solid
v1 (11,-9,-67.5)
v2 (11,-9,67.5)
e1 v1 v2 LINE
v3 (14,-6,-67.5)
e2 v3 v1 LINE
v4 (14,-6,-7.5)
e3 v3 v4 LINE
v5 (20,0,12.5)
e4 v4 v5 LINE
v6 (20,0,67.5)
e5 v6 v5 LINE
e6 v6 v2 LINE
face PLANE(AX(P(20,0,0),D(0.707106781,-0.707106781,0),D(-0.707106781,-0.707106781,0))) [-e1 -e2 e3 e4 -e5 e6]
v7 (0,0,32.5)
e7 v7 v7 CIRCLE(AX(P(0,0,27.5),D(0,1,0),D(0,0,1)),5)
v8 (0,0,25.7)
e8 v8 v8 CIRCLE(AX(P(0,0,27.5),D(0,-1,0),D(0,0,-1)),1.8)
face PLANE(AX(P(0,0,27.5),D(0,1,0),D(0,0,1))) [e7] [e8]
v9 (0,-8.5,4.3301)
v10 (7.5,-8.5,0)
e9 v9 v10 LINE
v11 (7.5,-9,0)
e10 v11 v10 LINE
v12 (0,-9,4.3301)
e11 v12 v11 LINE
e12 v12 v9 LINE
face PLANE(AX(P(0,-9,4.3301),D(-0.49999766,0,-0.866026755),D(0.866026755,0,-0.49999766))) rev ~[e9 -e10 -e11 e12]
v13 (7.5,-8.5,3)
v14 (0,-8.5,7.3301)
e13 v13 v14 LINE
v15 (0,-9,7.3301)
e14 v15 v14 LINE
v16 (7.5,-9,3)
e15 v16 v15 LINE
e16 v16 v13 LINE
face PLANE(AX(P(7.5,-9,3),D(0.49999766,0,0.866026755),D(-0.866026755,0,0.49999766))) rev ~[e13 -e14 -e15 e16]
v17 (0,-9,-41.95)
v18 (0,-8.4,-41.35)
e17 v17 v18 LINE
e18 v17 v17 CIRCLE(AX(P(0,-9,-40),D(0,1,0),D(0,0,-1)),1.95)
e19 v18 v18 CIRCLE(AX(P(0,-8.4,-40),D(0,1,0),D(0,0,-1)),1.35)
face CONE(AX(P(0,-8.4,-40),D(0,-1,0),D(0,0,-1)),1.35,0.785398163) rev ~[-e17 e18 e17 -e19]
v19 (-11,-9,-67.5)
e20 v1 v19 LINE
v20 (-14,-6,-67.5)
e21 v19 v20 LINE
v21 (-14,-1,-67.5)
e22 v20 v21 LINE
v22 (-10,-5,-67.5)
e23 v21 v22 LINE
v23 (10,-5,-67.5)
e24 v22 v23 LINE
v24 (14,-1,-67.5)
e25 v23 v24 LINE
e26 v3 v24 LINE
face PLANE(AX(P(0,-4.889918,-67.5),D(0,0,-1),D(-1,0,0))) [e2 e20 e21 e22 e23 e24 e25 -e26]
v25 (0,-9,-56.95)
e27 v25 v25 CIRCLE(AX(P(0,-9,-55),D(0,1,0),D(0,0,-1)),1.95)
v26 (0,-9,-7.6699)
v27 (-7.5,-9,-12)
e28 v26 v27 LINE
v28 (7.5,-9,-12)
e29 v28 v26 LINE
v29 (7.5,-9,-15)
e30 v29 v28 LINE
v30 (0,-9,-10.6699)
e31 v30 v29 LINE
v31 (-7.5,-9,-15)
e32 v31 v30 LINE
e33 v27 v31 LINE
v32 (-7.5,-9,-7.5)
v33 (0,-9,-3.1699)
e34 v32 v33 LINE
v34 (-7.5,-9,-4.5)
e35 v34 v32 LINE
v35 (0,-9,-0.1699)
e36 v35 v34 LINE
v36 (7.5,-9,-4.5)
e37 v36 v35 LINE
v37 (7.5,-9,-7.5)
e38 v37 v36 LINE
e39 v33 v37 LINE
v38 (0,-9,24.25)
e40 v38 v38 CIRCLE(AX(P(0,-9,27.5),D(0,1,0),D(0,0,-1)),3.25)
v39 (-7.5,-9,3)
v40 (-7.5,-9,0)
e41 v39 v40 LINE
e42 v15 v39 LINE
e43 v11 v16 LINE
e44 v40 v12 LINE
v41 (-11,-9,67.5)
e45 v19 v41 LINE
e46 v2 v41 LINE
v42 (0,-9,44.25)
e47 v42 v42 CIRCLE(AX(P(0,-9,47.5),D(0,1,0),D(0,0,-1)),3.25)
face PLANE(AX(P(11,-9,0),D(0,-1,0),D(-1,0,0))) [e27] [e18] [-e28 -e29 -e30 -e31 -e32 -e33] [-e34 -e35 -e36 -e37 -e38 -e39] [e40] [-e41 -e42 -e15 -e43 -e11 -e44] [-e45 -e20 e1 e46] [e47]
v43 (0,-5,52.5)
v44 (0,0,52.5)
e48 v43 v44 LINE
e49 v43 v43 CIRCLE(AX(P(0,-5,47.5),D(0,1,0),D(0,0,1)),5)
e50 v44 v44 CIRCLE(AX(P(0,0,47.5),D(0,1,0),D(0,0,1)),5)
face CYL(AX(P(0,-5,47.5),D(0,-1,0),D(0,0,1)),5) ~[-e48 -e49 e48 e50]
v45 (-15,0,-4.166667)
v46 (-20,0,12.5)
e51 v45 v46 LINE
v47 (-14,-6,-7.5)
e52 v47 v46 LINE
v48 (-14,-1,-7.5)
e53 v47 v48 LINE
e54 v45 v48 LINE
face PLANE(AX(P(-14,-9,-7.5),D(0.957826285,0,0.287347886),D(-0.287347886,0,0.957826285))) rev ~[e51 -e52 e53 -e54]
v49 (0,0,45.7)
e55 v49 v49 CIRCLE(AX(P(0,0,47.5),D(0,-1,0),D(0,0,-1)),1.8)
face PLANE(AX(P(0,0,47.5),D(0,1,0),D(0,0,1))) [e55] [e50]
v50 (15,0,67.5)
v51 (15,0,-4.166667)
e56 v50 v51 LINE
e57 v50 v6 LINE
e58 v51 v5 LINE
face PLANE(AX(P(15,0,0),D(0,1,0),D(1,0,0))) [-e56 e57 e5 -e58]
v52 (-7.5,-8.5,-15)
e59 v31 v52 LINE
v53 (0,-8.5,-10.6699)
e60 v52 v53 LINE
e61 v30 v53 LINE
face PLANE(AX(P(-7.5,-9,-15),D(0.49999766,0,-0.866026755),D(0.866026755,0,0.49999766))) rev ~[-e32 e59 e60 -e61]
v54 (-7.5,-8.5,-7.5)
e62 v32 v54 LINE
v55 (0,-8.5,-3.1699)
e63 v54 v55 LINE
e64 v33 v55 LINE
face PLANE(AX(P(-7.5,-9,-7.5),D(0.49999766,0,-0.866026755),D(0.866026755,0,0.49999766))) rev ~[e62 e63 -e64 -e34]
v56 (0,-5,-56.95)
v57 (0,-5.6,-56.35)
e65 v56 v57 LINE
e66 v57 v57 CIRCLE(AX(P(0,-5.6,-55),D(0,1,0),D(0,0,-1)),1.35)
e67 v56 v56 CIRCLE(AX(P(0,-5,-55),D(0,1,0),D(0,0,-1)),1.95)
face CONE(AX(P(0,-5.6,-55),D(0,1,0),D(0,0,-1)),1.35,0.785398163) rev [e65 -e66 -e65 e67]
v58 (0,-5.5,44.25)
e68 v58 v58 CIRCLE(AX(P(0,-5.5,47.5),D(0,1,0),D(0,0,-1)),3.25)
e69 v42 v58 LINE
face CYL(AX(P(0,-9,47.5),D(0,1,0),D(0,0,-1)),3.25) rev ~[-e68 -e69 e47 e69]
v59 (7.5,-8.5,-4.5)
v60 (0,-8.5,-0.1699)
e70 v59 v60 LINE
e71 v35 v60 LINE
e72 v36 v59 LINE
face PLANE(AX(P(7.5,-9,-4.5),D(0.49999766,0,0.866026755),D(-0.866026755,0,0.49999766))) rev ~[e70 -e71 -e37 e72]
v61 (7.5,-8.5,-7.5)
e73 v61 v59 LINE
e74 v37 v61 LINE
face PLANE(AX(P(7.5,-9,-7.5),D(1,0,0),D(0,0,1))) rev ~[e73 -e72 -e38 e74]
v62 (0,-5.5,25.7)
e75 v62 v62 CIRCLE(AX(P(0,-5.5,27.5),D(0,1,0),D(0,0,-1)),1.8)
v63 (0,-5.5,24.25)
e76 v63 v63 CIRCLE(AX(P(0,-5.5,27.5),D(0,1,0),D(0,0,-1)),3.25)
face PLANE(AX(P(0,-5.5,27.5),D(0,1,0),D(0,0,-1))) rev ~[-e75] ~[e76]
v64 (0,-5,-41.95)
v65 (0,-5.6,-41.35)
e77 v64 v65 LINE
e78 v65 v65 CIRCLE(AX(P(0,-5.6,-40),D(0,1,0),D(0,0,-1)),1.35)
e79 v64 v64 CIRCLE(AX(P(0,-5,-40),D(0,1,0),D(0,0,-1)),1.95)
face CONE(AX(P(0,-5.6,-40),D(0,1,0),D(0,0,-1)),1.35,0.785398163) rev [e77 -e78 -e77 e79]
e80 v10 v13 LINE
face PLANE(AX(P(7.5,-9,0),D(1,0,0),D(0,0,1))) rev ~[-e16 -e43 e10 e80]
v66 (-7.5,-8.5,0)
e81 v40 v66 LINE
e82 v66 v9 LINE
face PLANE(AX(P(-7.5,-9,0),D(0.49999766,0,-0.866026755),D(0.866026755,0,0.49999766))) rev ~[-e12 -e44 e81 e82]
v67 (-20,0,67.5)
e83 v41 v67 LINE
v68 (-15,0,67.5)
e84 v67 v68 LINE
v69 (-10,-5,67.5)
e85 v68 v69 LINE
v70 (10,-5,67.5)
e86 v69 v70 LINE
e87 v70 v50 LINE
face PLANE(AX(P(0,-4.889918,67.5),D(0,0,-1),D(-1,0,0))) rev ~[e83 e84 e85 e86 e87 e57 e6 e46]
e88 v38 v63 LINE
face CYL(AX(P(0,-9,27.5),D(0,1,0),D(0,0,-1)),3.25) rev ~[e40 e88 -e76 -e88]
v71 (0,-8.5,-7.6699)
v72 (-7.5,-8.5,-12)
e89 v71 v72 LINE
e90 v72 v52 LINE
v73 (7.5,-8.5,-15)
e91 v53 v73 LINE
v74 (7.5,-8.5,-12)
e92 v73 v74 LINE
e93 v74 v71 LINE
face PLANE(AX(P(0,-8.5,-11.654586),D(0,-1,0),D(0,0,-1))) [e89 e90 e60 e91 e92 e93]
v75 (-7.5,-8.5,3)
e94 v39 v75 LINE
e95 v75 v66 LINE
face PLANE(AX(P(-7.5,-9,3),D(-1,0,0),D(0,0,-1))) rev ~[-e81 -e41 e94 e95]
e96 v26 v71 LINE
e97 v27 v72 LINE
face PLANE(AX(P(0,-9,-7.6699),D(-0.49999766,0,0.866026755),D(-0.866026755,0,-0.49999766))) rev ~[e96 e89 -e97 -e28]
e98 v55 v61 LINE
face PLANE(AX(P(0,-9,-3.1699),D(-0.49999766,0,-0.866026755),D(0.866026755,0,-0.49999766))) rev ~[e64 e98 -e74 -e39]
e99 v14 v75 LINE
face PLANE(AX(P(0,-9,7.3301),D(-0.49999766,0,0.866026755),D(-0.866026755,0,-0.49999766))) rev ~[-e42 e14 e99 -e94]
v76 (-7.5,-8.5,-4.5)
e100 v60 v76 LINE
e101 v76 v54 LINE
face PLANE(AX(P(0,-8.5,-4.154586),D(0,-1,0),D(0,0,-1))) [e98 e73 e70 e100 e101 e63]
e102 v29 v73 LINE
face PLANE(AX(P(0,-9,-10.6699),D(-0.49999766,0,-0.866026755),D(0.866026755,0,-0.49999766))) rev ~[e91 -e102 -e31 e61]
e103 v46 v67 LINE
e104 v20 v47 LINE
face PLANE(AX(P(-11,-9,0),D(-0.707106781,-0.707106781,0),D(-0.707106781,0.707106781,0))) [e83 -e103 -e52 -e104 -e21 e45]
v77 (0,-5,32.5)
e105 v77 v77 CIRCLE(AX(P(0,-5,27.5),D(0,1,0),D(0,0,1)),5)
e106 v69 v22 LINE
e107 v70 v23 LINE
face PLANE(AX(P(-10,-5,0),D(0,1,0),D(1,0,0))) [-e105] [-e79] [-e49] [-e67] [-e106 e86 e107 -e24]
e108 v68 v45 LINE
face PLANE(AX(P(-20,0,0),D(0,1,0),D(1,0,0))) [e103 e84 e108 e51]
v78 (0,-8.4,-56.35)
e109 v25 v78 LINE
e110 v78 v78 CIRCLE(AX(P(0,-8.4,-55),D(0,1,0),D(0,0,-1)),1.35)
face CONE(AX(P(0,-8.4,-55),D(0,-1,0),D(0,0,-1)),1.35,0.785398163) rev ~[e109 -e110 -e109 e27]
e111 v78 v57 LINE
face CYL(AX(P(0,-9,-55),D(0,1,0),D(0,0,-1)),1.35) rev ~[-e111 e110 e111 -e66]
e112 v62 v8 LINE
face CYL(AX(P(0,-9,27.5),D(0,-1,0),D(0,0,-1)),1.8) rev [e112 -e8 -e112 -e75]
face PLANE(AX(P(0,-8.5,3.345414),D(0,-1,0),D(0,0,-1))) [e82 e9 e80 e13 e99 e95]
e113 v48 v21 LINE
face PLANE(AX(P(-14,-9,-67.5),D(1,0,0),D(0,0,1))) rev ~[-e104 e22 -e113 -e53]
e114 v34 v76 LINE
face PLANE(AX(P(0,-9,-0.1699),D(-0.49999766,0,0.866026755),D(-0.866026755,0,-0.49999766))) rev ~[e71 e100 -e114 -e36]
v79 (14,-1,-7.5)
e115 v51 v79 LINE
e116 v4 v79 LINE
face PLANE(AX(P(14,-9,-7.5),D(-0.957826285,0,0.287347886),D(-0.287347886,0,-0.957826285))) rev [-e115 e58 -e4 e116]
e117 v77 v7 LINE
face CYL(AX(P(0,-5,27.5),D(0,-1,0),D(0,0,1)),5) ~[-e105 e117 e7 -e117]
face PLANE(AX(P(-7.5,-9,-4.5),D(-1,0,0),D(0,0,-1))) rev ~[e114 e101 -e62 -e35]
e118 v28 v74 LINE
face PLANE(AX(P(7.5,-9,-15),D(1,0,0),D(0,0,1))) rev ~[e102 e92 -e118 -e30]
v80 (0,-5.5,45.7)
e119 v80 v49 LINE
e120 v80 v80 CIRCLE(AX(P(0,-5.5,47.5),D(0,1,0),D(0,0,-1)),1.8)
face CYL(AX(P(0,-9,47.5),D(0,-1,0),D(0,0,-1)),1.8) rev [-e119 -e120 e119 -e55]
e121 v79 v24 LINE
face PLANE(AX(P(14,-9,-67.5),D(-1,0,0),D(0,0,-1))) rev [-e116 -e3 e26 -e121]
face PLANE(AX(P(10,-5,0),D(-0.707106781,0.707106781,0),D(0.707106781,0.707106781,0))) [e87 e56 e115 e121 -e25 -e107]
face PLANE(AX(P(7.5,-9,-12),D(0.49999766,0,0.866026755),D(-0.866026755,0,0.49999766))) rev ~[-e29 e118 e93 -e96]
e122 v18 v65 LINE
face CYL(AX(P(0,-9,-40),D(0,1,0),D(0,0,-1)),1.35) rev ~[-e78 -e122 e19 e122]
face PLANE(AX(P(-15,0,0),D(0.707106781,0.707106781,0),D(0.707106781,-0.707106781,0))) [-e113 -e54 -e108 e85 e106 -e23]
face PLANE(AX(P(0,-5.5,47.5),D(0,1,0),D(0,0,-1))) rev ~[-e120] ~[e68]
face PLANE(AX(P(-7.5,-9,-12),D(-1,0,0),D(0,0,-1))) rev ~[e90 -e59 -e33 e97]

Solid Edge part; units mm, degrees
sketch "Sketch1" plane through (0, 0, 0) normal (0, 0, 1) x (1, 0, 0)
  line L0 (-20, 0) -> (-15, 0)
  line L1 (-15, 0) -> (-10, -5)
  line L2 (-10, -5) -> (10, -5)
  line L3 (10, -5) -> (15, 0)
  line L4 (15, 0) -> (20, 0)
  line L5 (20, 0) -> (11, -9)
  line L6 (11, -9) -> (-11, -9)
  line L7 (-11, -9) -> (-20, 0)
  dimension "D1" = 40
  dimension "D2" = 5
  dimension "D3" = 9
  dimension "D4" = 5
extrude "body_Profile_Plane1" add sketch "Sketch1" along normal mid plane 135
sketch "Sketch2" plane through (0, -5, 0) normal (0, 1, 0) x (0, 0, 1)
  circle A0 centre (27.5, 0) radius 5
  circle A1 centre (47.5, 0) radius 5
  dimension "D1" = 20
  dimension "D2" = 37.5
  dimension "D3" = 10
extrude "Protrusion1" add sketch "Sketch2" along normal up to vertex (5 mm away)
hole "Hole1" at (0, -9, 47.5) direction (0, 1, 0) diameter 3.6 end up to next counterbore diameter 6.5 counterbore depth 3.5
hole "Hole2" at (0, -9, 27.5) direction (0, 1, 0) diameter 3.6 end up to next counterbore diameter 6.5 counterbore depth 3.5
sketch "Sketch3" plane through (0, -9, 0) normal (0, -1, 0) x (0, 0, 1)
  line L0 (-67.5, 20) -> (-67.5, 14)
  line L1 (-67.5, 14) -> (-7.5, 14)
  line L2 (-7.5, 14) -> (12.5, 20)
  line L3 (12.5, 20) -> (-67.5, 20)
  dimension "D1" = 80
  dimension "D2" = 60
  dimension "D3" = 6
extrude "Cutout1" cut sketch "Sketch3" against normal up to vertex (9 mm away)
mirror "Mirror1" about plane through (0, 0, 0) normal (1, 0, 0) of "Cutout1"
hole "Hole3" at (0, -9, -55) direction (0, 1, 0) diameter 2.7 depth 30 tip angle 118 start chamfer 0.6 start chamfer angle 45 end chamfer 0.6 end chamfer angle 45
hole "Hole4" at (0, -9, -40) direction (0, 1, 0) diameter 2.7 depth 30 tip angle 118 start chamfer 0.6 start chamfer angle 45 end chamfer 0.6 end chamfer angle 45
sketch "Sketch4" plane through (0, -9, 0) normal (0, -1, 0) x (0, 0, 1)
  line L0 (-15, 7.5) -> (-10.6699, 0)
  line L1 (-10.6699, 0) -> (-15, -7.5)
  line L2 (-15, -7.5) -> (-12, -7.5)
  line L3 (-12, -7.5) -> (-7.6699, 0)
  line L4 (-7.6699, 0) -> (-12, 7.5)
  line L5 (-12, 7.5) -> (-15, 7.5)
  dimension "D1" = 3
  dimension "D2" = 15
  dimension "D3" = 15
extrude "design_cutout" cut sketch "Sketch4" against normal blind 0.5
pattern_linear "Pattern1" count 3 spacing 7.5 along (0, 0, 1) of "design_cutout"
properties material "Polypropylene, general purpose"
